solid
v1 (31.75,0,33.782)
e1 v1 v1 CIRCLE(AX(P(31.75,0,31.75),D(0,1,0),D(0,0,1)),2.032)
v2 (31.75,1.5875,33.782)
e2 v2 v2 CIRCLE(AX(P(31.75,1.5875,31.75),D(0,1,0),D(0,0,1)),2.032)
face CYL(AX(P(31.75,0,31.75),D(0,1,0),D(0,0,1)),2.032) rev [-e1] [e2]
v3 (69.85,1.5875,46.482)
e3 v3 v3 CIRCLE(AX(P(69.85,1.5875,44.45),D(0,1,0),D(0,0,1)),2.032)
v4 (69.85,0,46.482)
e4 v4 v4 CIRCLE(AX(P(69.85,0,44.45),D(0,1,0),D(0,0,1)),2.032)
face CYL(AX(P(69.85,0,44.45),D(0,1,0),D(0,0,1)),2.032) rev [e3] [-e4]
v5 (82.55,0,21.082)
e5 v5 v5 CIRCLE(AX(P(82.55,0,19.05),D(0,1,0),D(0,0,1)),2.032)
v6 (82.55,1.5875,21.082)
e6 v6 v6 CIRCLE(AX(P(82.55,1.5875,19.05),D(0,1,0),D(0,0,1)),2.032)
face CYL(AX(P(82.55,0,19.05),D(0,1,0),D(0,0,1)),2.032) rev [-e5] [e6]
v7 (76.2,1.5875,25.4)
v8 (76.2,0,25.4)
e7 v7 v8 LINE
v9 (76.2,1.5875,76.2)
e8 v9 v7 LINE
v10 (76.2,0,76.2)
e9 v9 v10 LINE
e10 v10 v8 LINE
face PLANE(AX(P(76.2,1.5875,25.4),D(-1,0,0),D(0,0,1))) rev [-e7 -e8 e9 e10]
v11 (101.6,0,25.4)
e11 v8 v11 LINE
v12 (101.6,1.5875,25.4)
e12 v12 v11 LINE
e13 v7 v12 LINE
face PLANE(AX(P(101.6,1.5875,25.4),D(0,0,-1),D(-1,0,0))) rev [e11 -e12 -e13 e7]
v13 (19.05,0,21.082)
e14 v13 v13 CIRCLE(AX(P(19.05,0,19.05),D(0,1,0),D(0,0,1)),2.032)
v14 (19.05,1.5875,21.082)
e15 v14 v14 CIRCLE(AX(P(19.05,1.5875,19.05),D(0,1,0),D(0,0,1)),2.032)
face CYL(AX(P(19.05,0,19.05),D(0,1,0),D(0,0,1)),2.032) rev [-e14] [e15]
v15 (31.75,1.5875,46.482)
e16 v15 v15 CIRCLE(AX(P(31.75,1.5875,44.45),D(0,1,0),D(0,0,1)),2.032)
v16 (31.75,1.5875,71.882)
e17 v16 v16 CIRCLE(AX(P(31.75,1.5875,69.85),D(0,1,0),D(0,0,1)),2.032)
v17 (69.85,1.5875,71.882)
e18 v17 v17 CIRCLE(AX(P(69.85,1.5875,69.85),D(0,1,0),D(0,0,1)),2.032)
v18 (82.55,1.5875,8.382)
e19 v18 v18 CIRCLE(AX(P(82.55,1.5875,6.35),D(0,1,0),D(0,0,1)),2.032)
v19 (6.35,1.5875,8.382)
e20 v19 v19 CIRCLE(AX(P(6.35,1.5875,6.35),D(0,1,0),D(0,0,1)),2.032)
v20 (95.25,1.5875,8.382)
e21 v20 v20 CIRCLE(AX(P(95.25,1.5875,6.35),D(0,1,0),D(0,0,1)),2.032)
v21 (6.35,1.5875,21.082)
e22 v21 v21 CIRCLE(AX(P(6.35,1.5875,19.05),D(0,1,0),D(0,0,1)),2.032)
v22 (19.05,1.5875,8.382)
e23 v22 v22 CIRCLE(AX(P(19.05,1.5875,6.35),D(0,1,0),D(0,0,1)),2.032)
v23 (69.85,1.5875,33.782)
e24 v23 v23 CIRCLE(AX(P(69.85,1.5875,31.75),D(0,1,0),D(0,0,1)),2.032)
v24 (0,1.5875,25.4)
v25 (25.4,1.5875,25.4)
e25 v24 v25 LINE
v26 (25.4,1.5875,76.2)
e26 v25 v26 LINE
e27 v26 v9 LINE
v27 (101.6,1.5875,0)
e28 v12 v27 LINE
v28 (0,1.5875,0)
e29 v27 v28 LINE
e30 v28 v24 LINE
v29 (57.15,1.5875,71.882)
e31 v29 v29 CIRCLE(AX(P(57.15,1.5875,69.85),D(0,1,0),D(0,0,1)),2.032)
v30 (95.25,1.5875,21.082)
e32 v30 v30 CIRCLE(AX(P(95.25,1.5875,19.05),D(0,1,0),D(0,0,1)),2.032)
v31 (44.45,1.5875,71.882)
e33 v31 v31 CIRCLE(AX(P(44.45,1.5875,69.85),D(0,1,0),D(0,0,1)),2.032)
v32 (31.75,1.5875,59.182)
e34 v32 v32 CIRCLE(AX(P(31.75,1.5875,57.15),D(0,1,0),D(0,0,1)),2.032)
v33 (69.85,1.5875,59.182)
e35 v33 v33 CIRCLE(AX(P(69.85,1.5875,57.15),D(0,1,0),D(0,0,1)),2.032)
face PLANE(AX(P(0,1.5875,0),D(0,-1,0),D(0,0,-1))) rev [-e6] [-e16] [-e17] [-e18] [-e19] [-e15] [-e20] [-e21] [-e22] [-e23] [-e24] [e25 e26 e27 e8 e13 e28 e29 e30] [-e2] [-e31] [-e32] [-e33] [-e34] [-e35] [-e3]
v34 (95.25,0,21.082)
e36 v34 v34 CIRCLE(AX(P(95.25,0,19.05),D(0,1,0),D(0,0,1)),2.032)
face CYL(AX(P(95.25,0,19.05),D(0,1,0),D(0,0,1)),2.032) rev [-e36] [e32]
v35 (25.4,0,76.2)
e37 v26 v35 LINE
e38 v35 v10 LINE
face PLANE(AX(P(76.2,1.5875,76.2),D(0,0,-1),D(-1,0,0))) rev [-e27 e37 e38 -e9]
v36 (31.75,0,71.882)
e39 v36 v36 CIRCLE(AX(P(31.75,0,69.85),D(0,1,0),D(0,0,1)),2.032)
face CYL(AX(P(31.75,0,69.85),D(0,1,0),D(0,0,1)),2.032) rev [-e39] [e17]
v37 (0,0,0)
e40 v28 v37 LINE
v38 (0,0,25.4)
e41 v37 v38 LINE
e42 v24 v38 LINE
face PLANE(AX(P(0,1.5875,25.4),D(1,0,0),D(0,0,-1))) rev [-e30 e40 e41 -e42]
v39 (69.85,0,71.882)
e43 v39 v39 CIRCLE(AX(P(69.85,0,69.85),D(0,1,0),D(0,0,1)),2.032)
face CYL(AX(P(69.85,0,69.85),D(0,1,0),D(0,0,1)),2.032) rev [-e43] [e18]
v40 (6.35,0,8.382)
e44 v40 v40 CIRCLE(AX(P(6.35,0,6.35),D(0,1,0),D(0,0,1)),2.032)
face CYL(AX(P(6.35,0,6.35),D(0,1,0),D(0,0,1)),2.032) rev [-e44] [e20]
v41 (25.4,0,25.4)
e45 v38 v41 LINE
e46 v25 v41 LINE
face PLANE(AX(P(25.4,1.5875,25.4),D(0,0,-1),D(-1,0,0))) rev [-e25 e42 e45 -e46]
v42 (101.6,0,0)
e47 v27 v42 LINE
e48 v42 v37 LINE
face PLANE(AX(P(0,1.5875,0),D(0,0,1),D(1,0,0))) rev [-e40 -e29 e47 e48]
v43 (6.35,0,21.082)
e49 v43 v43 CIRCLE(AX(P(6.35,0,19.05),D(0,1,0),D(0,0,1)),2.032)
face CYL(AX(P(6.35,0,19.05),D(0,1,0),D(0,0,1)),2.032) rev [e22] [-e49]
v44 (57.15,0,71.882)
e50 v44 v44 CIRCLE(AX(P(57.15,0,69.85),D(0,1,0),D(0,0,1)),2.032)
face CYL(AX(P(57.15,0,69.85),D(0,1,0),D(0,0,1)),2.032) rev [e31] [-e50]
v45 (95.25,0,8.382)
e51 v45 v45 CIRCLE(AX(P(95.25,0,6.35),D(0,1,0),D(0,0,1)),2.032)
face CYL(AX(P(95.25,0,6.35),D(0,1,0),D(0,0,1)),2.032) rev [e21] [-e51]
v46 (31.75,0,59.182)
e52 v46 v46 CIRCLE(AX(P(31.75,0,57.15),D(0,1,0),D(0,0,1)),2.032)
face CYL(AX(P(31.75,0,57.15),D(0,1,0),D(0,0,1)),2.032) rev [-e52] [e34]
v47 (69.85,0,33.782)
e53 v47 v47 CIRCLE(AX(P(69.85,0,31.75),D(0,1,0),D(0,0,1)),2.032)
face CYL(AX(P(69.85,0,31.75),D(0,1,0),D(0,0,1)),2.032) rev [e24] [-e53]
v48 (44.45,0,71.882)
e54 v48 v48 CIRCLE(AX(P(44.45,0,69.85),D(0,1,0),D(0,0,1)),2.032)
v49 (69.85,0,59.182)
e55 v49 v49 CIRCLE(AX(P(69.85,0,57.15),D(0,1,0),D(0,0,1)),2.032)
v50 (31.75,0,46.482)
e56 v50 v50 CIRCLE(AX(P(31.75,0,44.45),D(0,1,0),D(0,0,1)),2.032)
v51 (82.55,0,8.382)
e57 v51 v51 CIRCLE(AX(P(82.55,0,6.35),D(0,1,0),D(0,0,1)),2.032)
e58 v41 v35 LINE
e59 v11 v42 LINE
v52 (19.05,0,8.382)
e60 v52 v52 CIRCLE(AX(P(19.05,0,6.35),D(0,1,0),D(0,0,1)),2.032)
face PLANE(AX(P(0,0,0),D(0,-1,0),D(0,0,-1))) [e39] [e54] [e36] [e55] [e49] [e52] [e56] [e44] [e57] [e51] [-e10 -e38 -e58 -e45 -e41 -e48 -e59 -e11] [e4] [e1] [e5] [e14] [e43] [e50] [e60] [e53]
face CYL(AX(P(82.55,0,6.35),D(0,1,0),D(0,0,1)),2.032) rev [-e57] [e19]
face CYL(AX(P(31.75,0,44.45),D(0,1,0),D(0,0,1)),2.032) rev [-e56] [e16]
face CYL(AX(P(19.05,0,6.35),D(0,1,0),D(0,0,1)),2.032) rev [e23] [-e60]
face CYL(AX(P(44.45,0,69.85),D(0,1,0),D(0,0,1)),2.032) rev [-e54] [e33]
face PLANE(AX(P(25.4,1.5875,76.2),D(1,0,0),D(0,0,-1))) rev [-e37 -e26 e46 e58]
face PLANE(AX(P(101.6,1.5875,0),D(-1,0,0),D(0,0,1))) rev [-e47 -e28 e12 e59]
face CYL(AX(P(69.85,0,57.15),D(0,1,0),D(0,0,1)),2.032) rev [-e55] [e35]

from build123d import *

# Parameters (mm, degrees)
BOSS_EXTRUDE1_DEPTH = 1.5875
SKETCH4_R           = 2.032
CUT_EXTRUDE1_DEPTH  = 1.5875


with BuildPart() as part:
    # Sketch3 → Boss-Extrude1 (new body)
    with BuildSketch(Plane(origin=(0, 0, 0), x_dir=(1, 0, 0), z_dir=(0, 1, 0))):
        Polygon((0, 0), (101.6, 0), (101.6, -25.4), (76.2, -25.4), (76.2, -76.2), (25.4, -76.2), (25.4, -25.4), (0, -25.4), align=None)
    extrude(amount=BOSS_EXTRUDE1_DEPTH)

    # Sketch4 → Cut-Extrude1 (cut)
    with BuildSketch(Plane(origin=(0, 1.5875, 0), x_dir=(1, 0, 0), z_dir=(0, 1, 0))):
        with Locations((6.35, -6.35)):
            Circle(SKETCH4_R)
        with Locations((19.05, -6.35)):
            Circle(SKETCH4_R)
        with Locations((82.55, -6.35)):
            Circle(SKETCH4_R)
        with Locations((95.25, -6.35)):
            Circle(SKETCH4_R)
        with Locations((107.95, -6.35)):
            Circle(SKETCH4_R)
        with Locations((120.65, -6.35)):
            Circle(SKETCH4_R)
        with Locations((133.35, -6.35)):
            Circle(SKETCH4_R)
        with Locations((146.05, -6.35)):
            Circle(SKETCH4_R)
        with Locations((19.05, -19.05)):
            Circle(SKETCH4_R)
        with Locations((82.55, -19.05)):
            Circle(SKETCH4_R)
        with Locations((95.25, -19.05)):
            Circle(SKETCH4_R)
        with Locations((107.95, -19.05)):
            Circle(SKETCH4_R)
        with Locations((120.65, -19.05)):
            Circle(SKETCH4_R)
        with Locations((133.35, -19.05)):
            Circle(SKETCH4_R)
        with Locations((146.05, -19.05)):
            Circle(SKETCH4_R)
        with Locations((19.05, -31.75)):
            Circle(SKETCH4_R)
        with Locations((31.75, -31.75)):
            Circle(SKETCH4_R)
        with Locations((69.85, -31.75)):
            Circle(SKETCH4_R)
        with Locations((82.55, -31.75)):
            Circle(SKETCH4_R)
        with Locations((95.25, -31.75)):
            Circle(SKETCH4_R)
        with Locations((107.95, -31.75)):
            Circle(SKETCH4_R)
        with Locations((120.65, -31.75)):
            Circle(SKETCH4_R)
        with Locations((133.35, -31.75)):
            Circle(SKETCH4_R)
        with Locations((146.05, -31.75)):
            Circle(SKETCH4_R)
        with Locations((19.05, -44.45)):
            Circle(SKETCH4_R)
        with Locations((31.75, -44.45)):
            Circle(SKETCH4_R)
        with Locations((69.85, -44.45)):
            Circle(SKETCH4_R)
        with Locations((82.55, -44.45)):
            Circle(SKETCH4_R)
        with Locations((95.25, -44.45)):
            Circle(SKETCH4_R)
        with Locations((107.95, -44.45)):
            Circle(SKETCH4_R)
        with Locations((120.65, -44.45)):
            Circle(SKETCH4_R)
        with Locations((133.35, -44.45)):
            Circle(SKETCH4_R)
        with Locations((146.05, -44.45)):
            Circle(SKETCH4_R)
        with Locations((19.05, -57.15)):
            Circle(SKETCH4_R)
        with Locations((31.75, -57.15)):
            Circle(SKETCH4_R)
        with Locations((69.85, -57.15)):
            Circle(SKETCH4_R)
        with Locations((82.55, -57.15)):
            Circle(SKETCH4_R)
        with Locations((95.25, -57.15)):
            Circle(SKETCH4_R)
        with Locations((107.95, -57.15)):
            Circle(SKETCH4_R)
        with Locations((120.65, -57.15)):
            Circle(SKETCH4_R)
        with Locations((133.35, -57.15)):
            Circle(SKETCH4_R)
        with Locations((146.05, -57.15)):
            Circle(SKETCH4_R)
        with Locations((19.05, -69.85)):
            Circle(SKETCH4_R)
        with Locations((31.75, -69.85)):
            Circle(SKETCH4_R)
        with Locations((44.45, -69.85)):
            Circle(SKETCH4_R)
        with Locations((57.15, -69.85)):
            Circle(SKETCH4_R)
        with Locations((69.85, -69.85)):
            Circle(SKETCH4_R)
        with Locations((82.55, -69.85)):
            Circle(SKETCH4_R)
        with Locations((95.25, -69.85)):
            Circle(SKETCH4_R)
        with Locations((107.95, -69.85)):
            Circle(SKETCH4_R)
        with Locations((120.65, -69.85)):
            Circle(SKETCH4_R)
        with Locations((133.35, -69.85)):
            Circle(SKETCH4_R)
        with Locations((146.05, -69.85)):
            Circle(SKETCH4_R)
        with Locations((6.35, -19.05)):
            Circle(SKETCH4_R)
        with Locations((6.35, -31.75)):
            Circle(SKETCH4_R)
        with Locations((6.35, -44.45)):
            Circle(SKETCH4_R)
        with Locations((6.35, -57.15)):
            Circle(SKETCH4_R)
        with Locations((6.35, -69.85)):
            Circle(SKETCH4_R)
    extrude(amount=-CUT_EXTRUDE1_DEPTH, mode=Mode.SUBTRACT)


solid = part.part
